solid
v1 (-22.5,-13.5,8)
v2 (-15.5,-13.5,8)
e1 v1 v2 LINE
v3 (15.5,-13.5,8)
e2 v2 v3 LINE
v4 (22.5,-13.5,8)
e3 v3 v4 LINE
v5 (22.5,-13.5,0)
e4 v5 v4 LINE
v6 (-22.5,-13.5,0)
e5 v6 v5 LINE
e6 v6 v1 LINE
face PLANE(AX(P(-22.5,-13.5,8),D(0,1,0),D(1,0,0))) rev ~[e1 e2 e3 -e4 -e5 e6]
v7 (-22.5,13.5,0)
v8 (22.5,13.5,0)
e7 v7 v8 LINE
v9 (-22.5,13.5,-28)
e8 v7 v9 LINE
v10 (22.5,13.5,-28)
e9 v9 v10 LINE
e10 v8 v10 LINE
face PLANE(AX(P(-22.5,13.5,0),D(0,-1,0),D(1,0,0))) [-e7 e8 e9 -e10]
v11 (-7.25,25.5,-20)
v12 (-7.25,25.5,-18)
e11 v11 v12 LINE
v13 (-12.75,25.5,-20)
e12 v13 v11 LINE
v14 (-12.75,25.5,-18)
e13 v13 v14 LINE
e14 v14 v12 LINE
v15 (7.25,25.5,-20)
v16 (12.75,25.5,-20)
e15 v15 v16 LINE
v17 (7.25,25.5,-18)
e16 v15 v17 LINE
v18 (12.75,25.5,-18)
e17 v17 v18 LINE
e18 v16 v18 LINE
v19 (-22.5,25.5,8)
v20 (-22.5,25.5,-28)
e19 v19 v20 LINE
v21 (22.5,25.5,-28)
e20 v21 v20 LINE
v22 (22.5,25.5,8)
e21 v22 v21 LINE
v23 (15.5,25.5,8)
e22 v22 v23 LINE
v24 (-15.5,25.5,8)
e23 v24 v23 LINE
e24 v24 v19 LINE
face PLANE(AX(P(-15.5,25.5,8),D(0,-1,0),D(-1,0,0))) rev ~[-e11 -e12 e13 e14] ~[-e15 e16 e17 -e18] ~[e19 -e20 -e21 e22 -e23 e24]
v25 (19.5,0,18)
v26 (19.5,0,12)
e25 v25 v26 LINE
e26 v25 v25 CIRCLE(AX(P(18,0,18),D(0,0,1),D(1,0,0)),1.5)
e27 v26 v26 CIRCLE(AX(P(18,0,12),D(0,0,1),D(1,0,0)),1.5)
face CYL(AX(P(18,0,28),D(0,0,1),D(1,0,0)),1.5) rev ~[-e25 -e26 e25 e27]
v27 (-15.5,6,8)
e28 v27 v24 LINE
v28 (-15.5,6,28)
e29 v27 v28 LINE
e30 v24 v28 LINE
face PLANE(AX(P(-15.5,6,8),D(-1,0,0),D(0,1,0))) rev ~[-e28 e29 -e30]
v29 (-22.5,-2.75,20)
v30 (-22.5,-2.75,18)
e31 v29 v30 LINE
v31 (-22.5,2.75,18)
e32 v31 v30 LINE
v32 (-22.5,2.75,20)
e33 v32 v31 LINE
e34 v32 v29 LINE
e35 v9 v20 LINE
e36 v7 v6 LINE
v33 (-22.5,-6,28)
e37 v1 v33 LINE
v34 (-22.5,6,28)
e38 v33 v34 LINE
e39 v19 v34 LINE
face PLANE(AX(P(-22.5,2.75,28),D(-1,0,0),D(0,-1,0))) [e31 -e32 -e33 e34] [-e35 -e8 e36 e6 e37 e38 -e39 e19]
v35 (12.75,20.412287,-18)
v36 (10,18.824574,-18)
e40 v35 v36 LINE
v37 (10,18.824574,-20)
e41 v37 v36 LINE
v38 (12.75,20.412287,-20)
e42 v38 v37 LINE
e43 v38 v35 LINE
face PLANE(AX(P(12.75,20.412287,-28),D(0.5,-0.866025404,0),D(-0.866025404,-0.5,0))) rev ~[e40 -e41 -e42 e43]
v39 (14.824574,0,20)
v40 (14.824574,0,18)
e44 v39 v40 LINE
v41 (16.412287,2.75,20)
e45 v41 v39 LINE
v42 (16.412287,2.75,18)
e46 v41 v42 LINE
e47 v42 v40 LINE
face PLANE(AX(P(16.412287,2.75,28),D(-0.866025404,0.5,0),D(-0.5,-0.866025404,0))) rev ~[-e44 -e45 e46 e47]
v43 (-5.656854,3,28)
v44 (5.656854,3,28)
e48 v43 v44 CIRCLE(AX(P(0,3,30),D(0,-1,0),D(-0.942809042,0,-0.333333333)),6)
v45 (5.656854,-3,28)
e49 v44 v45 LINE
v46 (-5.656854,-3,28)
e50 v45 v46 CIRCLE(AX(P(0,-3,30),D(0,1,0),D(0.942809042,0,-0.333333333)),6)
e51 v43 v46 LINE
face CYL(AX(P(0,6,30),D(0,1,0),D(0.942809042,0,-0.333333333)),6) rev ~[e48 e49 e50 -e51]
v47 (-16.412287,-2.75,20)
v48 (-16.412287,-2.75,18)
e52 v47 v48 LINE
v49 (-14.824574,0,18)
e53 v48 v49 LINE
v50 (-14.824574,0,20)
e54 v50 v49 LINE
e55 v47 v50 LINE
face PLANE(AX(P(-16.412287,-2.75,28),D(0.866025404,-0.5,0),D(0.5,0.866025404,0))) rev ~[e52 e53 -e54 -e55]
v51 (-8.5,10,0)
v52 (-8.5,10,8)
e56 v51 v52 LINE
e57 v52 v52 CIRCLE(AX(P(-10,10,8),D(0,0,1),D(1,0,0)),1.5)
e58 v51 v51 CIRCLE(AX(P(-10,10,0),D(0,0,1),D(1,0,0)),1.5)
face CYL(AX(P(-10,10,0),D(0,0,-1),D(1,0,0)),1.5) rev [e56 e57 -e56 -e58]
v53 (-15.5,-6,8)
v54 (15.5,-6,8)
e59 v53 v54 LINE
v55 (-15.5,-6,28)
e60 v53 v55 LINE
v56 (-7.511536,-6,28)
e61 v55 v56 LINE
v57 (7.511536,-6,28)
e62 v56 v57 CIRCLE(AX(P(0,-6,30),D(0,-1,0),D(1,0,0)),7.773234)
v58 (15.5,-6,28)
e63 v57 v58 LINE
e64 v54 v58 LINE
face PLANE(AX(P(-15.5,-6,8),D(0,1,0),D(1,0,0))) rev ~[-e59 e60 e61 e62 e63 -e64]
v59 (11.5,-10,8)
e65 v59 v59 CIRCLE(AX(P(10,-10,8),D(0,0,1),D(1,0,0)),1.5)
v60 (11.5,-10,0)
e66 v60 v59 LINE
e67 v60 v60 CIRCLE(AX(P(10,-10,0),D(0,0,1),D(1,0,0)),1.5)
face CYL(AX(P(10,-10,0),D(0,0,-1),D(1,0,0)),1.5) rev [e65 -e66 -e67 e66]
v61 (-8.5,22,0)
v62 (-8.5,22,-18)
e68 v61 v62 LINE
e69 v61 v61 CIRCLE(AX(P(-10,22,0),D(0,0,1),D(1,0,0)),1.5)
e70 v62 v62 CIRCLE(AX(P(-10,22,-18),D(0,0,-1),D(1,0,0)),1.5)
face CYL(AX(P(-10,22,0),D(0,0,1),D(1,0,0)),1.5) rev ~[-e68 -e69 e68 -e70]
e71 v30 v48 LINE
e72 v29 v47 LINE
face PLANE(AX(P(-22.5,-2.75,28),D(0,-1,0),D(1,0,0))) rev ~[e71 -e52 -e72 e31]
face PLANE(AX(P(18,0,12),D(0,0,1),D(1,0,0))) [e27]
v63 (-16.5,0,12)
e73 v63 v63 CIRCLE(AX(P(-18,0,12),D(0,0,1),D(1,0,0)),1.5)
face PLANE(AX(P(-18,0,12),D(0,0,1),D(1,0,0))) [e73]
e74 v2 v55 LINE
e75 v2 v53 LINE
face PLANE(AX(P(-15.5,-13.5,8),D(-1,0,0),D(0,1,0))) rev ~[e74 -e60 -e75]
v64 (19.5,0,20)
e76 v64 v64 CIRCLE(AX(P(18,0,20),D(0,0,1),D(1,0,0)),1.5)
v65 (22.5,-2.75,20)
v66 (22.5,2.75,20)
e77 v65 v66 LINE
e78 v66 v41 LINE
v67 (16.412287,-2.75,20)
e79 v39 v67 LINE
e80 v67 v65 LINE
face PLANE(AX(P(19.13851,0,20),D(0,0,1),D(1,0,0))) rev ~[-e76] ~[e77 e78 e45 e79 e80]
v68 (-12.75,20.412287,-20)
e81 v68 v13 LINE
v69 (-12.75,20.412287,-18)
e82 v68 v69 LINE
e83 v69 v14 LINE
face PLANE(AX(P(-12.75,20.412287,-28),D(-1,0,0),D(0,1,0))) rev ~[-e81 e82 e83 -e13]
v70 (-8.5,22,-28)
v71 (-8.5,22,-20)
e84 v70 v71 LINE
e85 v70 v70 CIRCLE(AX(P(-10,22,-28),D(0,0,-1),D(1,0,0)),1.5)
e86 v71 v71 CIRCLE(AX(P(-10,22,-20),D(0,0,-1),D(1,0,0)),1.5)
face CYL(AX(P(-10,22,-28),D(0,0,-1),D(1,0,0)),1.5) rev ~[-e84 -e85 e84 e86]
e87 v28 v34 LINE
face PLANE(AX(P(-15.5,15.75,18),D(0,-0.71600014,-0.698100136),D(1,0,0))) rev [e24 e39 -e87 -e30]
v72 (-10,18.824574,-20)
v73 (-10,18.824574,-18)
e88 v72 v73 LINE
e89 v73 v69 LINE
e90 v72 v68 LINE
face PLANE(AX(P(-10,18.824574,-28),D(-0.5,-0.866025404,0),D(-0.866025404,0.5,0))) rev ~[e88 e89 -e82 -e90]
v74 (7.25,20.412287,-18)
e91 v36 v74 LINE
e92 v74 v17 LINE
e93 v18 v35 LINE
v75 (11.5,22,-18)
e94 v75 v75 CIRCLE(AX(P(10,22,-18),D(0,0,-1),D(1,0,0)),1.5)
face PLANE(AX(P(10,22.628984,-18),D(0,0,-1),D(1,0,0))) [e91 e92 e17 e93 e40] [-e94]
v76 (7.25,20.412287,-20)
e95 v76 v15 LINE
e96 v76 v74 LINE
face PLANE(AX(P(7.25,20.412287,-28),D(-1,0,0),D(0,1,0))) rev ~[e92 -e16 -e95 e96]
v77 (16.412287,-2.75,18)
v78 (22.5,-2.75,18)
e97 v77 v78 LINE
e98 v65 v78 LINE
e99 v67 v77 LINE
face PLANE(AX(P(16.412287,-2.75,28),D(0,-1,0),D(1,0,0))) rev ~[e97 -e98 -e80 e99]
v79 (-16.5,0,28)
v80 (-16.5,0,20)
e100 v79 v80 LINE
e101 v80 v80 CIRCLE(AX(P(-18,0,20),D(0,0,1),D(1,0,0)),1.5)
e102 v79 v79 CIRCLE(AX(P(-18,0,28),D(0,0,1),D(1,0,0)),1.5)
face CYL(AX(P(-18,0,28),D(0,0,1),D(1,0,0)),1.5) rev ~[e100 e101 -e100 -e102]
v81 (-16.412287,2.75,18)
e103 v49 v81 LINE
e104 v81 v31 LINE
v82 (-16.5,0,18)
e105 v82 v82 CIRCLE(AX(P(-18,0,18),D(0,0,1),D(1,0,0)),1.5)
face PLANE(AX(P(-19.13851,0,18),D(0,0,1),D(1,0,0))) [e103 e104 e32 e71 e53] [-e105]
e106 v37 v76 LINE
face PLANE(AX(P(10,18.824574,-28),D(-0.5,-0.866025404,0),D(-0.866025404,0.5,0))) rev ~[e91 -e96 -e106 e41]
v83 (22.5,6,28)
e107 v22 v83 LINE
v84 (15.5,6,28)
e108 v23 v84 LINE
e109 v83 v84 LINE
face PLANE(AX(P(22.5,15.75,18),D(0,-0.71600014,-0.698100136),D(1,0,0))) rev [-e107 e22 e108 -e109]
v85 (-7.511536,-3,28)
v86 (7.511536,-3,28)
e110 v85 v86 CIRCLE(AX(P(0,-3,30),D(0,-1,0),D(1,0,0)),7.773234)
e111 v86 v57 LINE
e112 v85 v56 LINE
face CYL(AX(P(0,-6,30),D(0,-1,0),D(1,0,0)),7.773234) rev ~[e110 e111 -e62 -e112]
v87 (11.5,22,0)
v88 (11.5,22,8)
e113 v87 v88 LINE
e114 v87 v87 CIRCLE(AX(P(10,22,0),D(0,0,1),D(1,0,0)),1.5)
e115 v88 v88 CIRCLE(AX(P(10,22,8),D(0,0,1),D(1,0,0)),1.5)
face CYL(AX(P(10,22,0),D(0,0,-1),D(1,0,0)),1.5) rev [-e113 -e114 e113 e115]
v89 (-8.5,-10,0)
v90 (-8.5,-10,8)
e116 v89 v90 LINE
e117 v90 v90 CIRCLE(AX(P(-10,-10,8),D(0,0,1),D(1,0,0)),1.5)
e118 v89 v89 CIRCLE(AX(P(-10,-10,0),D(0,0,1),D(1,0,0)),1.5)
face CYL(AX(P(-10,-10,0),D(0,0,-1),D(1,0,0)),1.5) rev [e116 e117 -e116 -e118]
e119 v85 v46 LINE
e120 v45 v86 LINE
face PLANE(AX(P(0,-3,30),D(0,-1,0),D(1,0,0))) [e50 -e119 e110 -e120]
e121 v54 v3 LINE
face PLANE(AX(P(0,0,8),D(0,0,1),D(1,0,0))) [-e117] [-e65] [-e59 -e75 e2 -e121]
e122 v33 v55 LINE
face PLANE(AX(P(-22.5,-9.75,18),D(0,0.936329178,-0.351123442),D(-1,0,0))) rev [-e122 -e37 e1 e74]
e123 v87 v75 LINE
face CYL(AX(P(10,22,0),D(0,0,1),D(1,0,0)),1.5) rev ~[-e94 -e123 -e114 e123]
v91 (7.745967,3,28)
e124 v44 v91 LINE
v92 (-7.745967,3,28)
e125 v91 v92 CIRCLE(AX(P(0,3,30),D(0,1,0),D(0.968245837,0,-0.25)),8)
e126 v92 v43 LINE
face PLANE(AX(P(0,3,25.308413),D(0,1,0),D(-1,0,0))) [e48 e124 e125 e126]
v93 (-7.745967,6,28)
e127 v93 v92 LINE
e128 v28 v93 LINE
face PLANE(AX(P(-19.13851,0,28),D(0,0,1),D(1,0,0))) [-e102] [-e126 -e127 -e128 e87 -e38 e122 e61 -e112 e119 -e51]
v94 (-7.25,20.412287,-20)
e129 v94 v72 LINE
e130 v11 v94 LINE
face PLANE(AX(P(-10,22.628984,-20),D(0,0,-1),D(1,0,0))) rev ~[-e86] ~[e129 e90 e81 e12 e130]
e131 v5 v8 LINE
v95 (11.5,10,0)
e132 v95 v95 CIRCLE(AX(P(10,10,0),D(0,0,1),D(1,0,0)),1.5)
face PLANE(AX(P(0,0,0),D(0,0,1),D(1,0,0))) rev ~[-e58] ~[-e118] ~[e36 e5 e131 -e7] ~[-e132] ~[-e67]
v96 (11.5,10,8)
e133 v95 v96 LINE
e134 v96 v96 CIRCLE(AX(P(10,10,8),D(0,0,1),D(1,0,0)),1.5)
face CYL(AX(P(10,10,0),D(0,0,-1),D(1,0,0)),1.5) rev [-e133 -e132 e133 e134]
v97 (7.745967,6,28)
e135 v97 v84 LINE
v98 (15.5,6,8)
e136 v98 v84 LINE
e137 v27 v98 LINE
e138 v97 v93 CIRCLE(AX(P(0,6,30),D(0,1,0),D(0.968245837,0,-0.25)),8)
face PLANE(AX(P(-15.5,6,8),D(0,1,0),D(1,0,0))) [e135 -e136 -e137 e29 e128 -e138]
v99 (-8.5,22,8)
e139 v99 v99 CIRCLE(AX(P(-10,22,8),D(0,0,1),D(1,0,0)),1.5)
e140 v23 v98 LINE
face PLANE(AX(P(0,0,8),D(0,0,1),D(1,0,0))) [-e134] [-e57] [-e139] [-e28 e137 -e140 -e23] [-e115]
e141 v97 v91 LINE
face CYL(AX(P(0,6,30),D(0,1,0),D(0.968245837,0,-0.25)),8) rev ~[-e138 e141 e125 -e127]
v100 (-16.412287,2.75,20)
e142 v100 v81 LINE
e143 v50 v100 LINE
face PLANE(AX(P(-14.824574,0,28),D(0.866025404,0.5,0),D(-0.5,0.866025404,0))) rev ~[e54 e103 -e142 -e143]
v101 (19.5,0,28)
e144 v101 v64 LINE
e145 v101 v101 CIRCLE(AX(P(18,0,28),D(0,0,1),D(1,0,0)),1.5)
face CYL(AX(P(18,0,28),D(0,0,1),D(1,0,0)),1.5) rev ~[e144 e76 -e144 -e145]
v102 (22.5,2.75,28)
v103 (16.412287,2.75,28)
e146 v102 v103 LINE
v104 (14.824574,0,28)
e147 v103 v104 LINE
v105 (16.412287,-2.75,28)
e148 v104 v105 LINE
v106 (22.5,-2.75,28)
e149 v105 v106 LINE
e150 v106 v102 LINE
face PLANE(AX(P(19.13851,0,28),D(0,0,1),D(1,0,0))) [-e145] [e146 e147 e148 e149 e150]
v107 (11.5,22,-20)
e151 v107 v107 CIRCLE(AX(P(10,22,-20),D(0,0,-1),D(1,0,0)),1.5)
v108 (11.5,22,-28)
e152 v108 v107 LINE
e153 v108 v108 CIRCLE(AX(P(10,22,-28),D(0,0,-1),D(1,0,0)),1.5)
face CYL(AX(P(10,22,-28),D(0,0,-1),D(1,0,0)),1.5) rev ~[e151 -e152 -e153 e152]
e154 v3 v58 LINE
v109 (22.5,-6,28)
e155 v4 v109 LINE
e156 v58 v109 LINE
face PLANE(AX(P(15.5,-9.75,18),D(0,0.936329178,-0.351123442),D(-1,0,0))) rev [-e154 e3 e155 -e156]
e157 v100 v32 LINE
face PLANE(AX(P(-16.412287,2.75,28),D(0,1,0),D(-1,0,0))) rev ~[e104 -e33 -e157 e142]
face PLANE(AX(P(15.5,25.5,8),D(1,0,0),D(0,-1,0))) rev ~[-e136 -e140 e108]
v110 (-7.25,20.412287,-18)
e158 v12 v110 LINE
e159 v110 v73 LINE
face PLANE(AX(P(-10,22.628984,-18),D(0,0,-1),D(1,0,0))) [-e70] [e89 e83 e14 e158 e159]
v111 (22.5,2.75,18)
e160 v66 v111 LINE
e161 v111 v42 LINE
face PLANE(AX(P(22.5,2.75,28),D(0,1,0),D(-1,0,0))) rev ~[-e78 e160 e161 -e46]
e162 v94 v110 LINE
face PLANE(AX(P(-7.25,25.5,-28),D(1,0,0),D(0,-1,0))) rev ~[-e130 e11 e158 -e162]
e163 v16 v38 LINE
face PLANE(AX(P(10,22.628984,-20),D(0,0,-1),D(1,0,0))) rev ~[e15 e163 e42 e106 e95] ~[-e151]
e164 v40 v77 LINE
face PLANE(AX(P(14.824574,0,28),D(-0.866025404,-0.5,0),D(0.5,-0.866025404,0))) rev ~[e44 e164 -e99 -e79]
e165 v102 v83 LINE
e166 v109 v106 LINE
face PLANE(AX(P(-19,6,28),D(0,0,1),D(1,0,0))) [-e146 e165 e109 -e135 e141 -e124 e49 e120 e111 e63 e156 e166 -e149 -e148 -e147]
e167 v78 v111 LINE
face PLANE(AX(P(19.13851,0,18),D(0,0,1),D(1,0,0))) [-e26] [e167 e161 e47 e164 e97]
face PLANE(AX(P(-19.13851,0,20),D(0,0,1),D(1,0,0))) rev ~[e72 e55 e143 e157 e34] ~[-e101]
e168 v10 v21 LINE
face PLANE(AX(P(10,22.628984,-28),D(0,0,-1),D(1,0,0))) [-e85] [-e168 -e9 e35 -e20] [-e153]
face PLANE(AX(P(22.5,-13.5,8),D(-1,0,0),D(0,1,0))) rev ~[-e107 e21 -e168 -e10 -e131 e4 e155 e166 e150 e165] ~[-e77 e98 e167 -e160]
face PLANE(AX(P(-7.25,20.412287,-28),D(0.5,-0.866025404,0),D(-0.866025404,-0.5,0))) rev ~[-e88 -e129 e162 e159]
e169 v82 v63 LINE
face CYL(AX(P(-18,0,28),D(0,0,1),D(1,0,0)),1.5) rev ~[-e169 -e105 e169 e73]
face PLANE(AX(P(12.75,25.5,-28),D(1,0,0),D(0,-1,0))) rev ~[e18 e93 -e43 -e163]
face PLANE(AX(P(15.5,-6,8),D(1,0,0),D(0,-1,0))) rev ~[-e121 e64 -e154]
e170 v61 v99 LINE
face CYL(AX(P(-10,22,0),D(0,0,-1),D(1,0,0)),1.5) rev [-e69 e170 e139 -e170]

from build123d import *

# Parameters (mm, degrees)
F0_W      = 45
F0_H      = 27
F0_R      = 1.5
F0_H_2    = 12
F1_DEPTH  = 8
F2_DEPTH  = 28
F3_R      = 1.5
F4_DEPTH  = 10
F5_DEPTH  = 8
F6_W      = 31
F6_H      = 12
F7_DEPTH  = 20
F8_SIZE2  = 19.5
F8_SIZE   = 20
F9_SIZE2  = 7.5
F9_SIZE   = 20
F11_DEPTH = 19.501
F12_DEPTH = 3
F13_R     = 7.7732339674
F14_DEPTH = 3
F16_DEPTH = 10
F17_DEPTH = 8
F18_R     = 1.5
F19_DEPTH = 16


with BuildPart() as f1:
    # F0 (on Top) → F1 (new body)
    with BuildSketch(Plane.XY):
        Rectangle(F0_W, F0_H)
        with Locations((-10, -10)):
            Circle(F0_R, mode=Mode.SUBTRACT)
        with Locations((10, -10)):
            Circle(F0_R, mode=Mode.SUBTRACT)
        with Locations((-10, 10)):
            Circle(F0_R, mode=Mode.SUBTRACT)
        with Locations((10, 10)):
            Circle(F0_R, mode=Mode.SUBTRACT)
        with Locations((0, 19.5)):
            Rectangle(F0_W, F0_H_2)
        with Locations((-10, 22)):
            Circle(F0_R, mode=Mode.SUBTRACT)
        with Locations((10, 22)):
            Circle(F0_R, mode=Mode.SUBTRACT)
    extrude(amount=F1_DEPTH)

    # F0 (on Top) → F2 (join)
    with BuildSketch(Plane.XY):
        with Locations((0, 19.5)):
            Rectangle(F0_W, F0_H_2)
        with Locations((-10, 22)):
            Circle(F0_R, mode=Mode.SUBTRACT)
        with Locations((10, 22)):
            Circle(F0_R, mode=Mode.SUBTRACT)
    extrude(amount=-F2_DEPTH)

    # F3 (on face) → F4 (cut)
    with BuildSketch(Plane(origin=(0, 0, -28), x_dir=(1, 0, 0), z_dir=(0, 0, -1))):
        Polygon((-7.25, -20.4122867597), (-10, -18.8245735195), (-12.75, -20.4122867597), (-12.75, -23.5877132403), (-12.75, -25.5), (-7.25, -25.5), (-7.25, -23.5877132403), align=None)
        with Locations((-10, -22)):
            Circle(F3_R, mode=Mode.SUBTRACT)
        Polygon((7.25, -23.5877132403), (7.25, -25.5), (12.75, -25.5), (12.75, -23.5877132403), (12.75, -20.4122867597), (10, -18.8245735195), (7.25, -20.4122867597), align=None)
        with Locations((10, -22)):
            Circle(F3_R, mode=Mode.SUBTRACT)
    extrude(amount=-F4_DEPTH, mode=Mode.SUBTRACT)

    # F3 (on face) → F5 (join)
    with BuildSketch(Plane(origin=(0, 0, -28), x_dir=(1, 0, 0), z_dir=(0, 0, -1))):
        Polygon((7.25, -23.5877132403), (7.25, -25.5), (12.75, -25.5), (12.75, -23.5877132403), (12.75, -20.4122867597), (10, -18.8245735195), (7.25, -20.4122867597), align=None)
        with Locations((10, -22)):
            Circle(F3_R, mode=Mode.SUBTRACT)
        Polygon((-7.25, -20.4122867597), (-10, -18.8245735195), (-12.75, -20.4122867597), (-12.75, -23.5877132403), (-12.75, -25.5), (-7.25, -25.5), (-7.25, -23.5877132403), align=None)
        with Locations((-10, -22)):
            Circle(F3_R, mode=Mode.SUBTRACT)
    extrude(amount=-F5_DEPTH)

    # F6 (on face) → F7 (join)
    with BuildSketch(Plane.XY.offset(8)):
        Polygon((-22.5, 25.5), (-22.5, -13.5), (-15.5, -13.5), (-15.5, -6), (-15.5, 6), (-15.5, 25.5), align=None)
        Rectangle(F6_W, F6_H)
        Polygon((15.5, 6), (15.5, -6), (15.5, -13.5), (22.5, -13.5), (22.5, 25.5), (15.5, 25.5), align=None)
    extrude(amount=F7_DEPTH)

    # F8
    f8_edges = [f1.edges().sort_by_distance(p)[0] for p in [
        (-19, 25.5, 28),
        (19, 25.5, 28),
    ]]
    f8_side = f1.faces().sort_by_distance((0, 25.5, -5.719915))[0]
    chamfer(f8_edges, length=F8_SIZE, length2=F8_SIZE2, reference=f8_side)

    # F9
    f9_edges = [f1.edges().sort_by_distance(p)[0] for p in [
        (19, -13.5, 28),
        (-19, -13.5, 28),
    ]]
    f9_side = f1.faces().sort_by_distance((-21.97, -13.5, 14))[0]
    chamfer(f9_edges, length=F9_SIZE, length2=F9_SIZE2, reference=f9_side)

    # F10 (on face) → F11 (cut, through all)
    with BuildSketch(Plane(origin=(0, 6, 0), x_dir=(-1, 0, 0), z_dir=(0, 1, 0))):
        with BuildLine():
            Line((5.6568542495, 28), (-5.6568542495, 28))
            ThreePointArc((-5.6568542495, 28), (0, 24), (5.6568542495, 28))
        make_face()
    extrude(amount=-F11_DEPTH, mode=Mode.SUBTRACT)

    # F10 (on face) → F12 (cut)
    with BuildSketch(Plane(origin=(0, 6, 0), x_dir=(-1, 0, 0), z_dir=(0, 1, 0))):
        with BuildLine():
            Line((-5.6568542495, 28), (-7.7459666924, 28))
            ThreePointArc((-7.7459666924, 28), (0, 22), (7.7459666924, 28))
            Line((7.7459666924, 28), (5.6568542495, 28))
            ThreePointArc((5.6568542495, 28), (0, 24), (-5.6568542495, 28))
        make_face()
    extrude(amount=-F12_DEPTH, mode=Mode.SUBTRACT)

    # F13 (on face) → F14 (cut)
    with BuildSketch(Plane.XZ.offset(6)):
        with Locations((0, 30)):
            Circle(F13_R)
    extrude(amount=-F14_DEPTH, mode=Mode.SUBTRACT)

    # F15 (on face) → F16 (cut)
    with BuildSketch(Plane.XY.offset(28)):
        Polygon((-19.5877132403, -2.75), (-16.4122867597, -2.75), (-14.8245735195, 0), (-16.4122867597, 2.75), (-19.5877132403, 2.75), (-22.5, 2.75), (-22.5, -2.75), align=None)
        Polygon((14.8245735195, 0), (16.4122867597, -2.75), (19.5877132403, -2.75), (22.5, -2.75), (22.5, 2.75), (19.5877132403, 2.75), (16.4122867597, 2.75), align=None)
    extrude(amount=-F16_DEPTH, mode=Mode.SUBTRACT)

    # F15 (on face) → F17 (join)
    with BuildSketch(Plane.XY.offset(28)):
        Polygon((-19.5877132403, -2.75), (-16.4122867597, -2.75), (-14.8245735195, 0), (-16.4122867597, 2.75), (-19.5877132403, 2.75), (-22.5, 2.75), (-22.5, -2.75), align=None)
        Polygon((14.8245735195, 0), (16.4122867597, -2.75), (19.5877132403, -2.75), (22.5, -2.75), (22.5, 2.75), (19.5877132403, 2.75), (16.4122867597, 2.75), align=None)
    extrude(amount=-F17_DEPTH)

    # F18 (on face) → F19 (cut)
    with BuildSketch(Plane.XY.offset(28)):
        with Locations((-18, 0)):
            Circle(F18_R)
        with Locations((18, 0)):
            Circle(F18_R)
    extrude(amount=-F19_DEPTH, mode=Mode.SUBTRACT)


solid = f1.part
